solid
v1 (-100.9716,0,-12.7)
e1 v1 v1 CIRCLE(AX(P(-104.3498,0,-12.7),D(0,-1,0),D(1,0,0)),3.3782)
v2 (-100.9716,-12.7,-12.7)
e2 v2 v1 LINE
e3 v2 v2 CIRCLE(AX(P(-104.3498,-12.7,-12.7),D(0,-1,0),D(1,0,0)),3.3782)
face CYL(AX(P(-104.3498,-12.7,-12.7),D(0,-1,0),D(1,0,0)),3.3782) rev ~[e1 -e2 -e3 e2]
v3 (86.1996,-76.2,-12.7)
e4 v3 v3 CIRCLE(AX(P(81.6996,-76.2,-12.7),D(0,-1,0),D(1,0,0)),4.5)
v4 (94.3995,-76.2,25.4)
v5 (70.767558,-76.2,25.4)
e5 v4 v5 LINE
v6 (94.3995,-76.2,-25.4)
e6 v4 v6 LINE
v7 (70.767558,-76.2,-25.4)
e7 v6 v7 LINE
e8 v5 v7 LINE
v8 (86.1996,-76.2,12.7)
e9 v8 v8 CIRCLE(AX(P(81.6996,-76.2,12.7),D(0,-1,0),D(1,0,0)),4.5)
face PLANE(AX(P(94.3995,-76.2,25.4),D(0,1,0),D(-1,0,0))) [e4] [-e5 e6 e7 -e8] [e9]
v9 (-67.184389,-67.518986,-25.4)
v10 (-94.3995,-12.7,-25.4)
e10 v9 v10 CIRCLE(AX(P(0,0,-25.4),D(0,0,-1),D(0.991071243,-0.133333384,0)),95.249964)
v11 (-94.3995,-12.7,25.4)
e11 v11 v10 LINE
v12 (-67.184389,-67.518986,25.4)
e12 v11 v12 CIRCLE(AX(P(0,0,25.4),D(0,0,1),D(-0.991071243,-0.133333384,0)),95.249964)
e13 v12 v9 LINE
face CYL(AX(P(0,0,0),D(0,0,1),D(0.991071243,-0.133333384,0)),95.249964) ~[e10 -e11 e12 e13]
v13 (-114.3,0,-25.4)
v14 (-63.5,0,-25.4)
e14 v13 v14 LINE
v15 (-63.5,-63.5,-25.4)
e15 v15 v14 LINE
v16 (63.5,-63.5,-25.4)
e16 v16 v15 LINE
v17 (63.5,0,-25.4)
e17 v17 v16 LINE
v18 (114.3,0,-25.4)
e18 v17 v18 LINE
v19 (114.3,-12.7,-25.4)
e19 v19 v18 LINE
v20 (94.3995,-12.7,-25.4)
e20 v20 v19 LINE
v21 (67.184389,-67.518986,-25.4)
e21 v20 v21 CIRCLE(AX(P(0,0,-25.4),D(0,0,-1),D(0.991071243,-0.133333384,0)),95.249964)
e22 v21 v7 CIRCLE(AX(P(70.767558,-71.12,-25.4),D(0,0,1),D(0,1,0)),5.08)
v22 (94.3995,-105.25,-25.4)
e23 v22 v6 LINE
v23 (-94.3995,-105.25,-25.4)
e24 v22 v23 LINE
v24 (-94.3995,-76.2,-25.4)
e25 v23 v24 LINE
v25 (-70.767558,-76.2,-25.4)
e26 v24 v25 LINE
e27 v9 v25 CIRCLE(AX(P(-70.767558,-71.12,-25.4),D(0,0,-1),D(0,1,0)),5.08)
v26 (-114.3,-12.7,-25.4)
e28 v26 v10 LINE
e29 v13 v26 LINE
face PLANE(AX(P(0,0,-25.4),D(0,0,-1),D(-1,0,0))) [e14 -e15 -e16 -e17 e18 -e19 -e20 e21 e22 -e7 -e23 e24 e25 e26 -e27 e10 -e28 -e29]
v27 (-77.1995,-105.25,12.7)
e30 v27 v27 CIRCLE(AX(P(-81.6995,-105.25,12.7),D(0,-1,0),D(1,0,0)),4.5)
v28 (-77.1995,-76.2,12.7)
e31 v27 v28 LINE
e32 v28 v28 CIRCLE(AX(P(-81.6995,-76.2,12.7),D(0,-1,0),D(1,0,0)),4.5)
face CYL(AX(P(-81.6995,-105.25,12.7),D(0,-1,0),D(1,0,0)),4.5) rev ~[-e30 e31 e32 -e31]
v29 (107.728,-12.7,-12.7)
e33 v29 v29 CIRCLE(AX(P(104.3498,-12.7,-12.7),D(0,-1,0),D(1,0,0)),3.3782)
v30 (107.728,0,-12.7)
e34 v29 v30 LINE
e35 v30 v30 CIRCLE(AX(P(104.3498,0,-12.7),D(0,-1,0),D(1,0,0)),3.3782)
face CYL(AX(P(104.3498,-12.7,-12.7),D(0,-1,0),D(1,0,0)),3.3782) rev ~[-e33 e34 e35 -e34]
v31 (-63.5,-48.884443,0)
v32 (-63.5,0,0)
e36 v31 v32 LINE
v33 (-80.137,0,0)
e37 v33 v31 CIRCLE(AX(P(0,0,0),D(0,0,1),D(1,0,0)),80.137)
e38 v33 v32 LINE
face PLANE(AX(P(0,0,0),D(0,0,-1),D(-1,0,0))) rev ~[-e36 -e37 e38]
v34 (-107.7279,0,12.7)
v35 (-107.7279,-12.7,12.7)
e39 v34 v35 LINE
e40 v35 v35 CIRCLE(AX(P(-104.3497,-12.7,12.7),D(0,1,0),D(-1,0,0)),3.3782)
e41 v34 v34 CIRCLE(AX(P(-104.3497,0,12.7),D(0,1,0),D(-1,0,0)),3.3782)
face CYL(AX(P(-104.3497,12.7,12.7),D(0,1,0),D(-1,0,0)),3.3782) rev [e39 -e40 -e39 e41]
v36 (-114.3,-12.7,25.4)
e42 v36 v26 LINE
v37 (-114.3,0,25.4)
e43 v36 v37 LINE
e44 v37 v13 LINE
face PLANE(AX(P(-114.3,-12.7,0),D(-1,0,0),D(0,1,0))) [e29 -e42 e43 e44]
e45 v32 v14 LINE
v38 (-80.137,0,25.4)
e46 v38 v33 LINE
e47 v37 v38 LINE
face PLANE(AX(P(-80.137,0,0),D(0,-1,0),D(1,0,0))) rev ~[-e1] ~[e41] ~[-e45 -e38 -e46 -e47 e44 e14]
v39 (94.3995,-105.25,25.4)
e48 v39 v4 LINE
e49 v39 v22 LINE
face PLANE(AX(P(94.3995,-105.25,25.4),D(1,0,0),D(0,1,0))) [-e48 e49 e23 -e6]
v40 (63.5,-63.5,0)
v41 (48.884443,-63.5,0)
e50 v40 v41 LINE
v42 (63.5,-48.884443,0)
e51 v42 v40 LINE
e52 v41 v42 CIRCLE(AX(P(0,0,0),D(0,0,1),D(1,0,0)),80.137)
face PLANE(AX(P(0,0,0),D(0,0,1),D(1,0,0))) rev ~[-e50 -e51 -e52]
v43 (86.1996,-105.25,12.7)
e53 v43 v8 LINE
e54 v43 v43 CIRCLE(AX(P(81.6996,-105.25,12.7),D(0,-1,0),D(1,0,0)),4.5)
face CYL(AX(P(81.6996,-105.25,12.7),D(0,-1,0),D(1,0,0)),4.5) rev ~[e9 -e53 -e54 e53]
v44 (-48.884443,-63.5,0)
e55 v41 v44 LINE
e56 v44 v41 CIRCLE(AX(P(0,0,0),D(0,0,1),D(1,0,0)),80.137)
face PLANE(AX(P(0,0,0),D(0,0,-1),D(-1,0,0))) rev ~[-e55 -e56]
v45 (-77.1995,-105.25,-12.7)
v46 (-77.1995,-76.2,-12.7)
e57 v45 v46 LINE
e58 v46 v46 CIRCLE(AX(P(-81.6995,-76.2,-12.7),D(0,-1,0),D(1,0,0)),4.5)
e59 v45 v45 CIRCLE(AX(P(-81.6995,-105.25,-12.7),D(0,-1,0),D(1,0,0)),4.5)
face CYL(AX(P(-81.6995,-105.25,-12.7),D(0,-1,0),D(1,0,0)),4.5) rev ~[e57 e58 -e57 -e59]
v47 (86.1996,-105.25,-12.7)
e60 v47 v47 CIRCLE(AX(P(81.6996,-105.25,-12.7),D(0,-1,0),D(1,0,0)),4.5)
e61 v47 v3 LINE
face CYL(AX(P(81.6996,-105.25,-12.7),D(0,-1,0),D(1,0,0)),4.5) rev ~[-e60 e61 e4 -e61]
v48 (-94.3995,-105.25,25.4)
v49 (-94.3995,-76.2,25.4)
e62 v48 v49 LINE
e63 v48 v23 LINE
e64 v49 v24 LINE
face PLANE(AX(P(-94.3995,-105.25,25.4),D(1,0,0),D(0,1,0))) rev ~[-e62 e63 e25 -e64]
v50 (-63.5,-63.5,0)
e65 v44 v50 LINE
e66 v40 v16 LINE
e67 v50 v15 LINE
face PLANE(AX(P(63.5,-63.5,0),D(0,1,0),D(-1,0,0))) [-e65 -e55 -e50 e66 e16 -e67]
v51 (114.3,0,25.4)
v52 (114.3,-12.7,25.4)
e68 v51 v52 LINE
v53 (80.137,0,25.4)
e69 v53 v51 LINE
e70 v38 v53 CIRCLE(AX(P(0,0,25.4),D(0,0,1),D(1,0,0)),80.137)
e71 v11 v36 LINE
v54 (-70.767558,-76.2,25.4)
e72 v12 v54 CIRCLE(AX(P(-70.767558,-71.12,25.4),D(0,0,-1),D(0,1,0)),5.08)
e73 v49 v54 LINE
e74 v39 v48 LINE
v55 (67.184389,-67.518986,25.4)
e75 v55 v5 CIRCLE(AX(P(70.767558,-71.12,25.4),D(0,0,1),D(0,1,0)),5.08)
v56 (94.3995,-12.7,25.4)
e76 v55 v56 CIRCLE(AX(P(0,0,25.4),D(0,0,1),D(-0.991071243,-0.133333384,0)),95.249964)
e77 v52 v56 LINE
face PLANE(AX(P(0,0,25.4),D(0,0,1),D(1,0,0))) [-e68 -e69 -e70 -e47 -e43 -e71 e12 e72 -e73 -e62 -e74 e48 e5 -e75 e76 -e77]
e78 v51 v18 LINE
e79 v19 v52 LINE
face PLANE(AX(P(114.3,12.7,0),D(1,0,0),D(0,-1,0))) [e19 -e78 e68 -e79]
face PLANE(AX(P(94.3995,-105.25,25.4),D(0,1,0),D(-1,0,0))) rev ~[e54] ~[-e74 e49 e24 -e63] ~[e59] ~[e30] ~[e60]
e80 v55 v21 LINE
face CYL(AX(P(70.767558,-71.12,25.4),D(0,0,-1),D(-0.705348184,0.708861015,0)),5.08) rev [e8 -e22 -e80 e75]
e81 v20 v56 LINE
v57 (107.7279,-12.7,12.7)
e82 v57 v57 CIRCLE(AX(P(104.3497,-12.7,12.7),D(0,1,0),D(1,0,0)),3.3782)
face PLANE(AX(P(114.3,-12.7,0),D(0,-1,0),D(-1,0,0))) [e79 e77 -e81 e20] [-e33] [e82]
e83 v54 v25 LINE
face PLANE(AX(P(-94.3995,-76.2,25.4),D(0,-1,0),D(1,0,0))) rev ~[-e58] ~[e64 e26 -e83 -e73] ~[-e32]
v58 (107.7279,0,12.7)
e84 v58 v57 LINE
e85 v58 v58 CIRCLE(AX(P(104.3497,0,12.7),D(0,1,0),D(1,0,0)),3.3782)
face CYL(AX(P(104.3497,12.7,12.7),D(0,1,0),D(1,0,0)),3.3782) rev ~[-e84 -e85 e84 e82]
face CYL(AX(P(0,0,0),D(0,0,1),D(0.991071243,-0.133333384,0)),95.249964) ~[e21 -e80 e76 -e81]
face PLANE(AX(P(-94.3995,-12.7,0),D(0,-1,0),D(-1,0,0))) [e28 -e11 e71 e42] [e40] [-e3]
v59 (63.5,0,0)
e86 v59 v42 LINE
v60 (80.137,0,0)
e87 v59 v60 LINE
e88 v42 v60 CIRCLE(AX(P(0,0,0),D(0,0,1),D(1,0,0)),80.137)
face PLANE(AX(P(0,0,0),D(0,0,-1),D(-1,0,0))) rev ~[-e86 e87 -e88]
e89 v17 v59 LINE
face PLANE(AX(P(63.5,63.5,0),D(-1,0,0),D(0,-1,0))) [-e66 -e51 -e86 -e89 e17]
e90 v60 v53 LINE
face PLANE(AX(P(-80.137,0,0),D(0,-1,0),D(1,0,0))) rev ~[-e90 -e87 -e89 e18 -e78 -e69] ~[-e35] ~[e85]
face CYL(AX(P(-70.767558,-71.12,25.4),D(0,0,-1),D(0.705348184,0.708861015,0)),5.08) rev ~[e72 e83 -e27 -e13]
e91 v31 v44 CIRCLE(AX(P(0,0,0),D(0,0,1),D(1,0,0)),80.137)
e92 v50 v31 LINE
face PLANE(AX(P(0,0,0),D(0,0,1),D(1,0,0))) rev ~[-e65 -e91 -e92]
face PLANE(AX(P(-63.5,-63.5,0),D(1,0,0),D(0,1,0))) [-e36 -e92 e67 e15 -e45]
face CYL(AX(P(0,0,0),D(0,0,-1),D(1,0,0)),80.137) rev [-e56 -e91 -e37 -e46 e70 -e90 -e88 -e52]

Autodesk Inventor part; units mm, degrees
ref_plane "YZ Plane" through (0, 0, 0) normal (1, 0, 0) x (0, 1, 0)
ref_plane "XZ Plane" through (0, 0, 0) normal (0, 1, 0) x (-1, 0, 0)
ref_plane "XY Plane" through (0, 0, 0) normal (0, 0, 1) x (1, 0, 0)
sketch "Sketch1" plane through (0, 0, 0) normal (0, 0, 1) x (1, 0, 0)
  circle A0 centre (0, 0) radius 80.137
  line L0 (-114.3, -12.7) -> (-114.3, 12.7)
  line L1 (114.3, 12.7) -> (114.3, -12.7)
  line L2 (114.3, -12.7) -> (-114.3, 12.7) construction
  line L3 (-114.3, -12.7) -> (114.3, 12.7) construction
  line L4 (-114.3, 0) -> (95.25, 0) construction
  line L5 (-114.3, 12.7) -> (-94.3995, 12.7)
  line L6 (94.3995, 12.7) -> (114.3, 12.7)
  arc A1 (-94.3995, -12.7) -> (94.3995, -12.7) centre (0, 0) ccw
  arc A2 (94.3995, 12.7) -> (-94.3995, 12.7) centre (0, 0) ccw
  line L7 (114.3, -12.7) -> (94.3995, -12.7)
  line L8 (-94.3995, -12.7) -> (-114.3, -12.7)
  dimension "d0" = 160.274
  dimension "d2" = 228.6
  dimension "d3" = 25.4
extrude "Extrusion1" add sketch "Sketch1" along normal blind 25.4
sketch "Sketch2" plane through (94.3995, 12.7, 0) normal (0, 1, 0) x (1, 0, 0)
  line L0 (19.9005, 0) -> (0, 0) projected
  line L1 (0, 0) -> (0, -25.4) projected
  line L2 (19.9005, -25.4) -> (0, -25.4) projected
  line L3 (19.9005, 0) -> (19.9005, -25.4) projected
  line L4 (19.9005, -12.7) -> (0, -12.7) construction
  line L5 (9.9502, -25.4) -> (9.9502, 0) construction
  circle A0 centre (9.9502, -12.7) radius 3.3782
  point P0 (-94.3995, 0)
  dimension "d6" = 6.7564
extrude "Extrusion2" cut sketch "Sketch2" against normal blind 38.1 contours A0
sketch "Sketch3" plane through (94.3995, 12.7, 0) normal (0, 1, 0) x (1, 0, 0)
  circle A0 centre (9.9502, -12.7) radius 3.175
  line L0 (9.9502, -4.8005) -> (16.7914, -8.7502)
  line L1 (16.7914, -8.7502) -> (16.7914, -16.6498)
  line L2 (16.7914, -16.6498) -> (9.9502, -20.5995)
  line L3 (9.9502, -20.5995) -> (3.1091, -16.6498)
  line L4 (3.1091, -16.6498) -> (3.1091, -8.7502)
  line L5 (3.1091, -8.7502) -> (9.9502, -4.8005)
  point P0 (-94.3995, 0)
extrude "Extrusion3" [suppressed]
mirror "Mirror1" about plane through (0, 0, 0) normal (1, 0, 0) of "Extrusion2"
sketch "Sketch6" plane through (0, 0, 25.4) normal (0, 0, 1) x (1, 0, 0)
  line L0 (-63.5, -63.5) -> (-63.5, 63.5) construction
  line L1 (-63.5, 63.5) -> (63.5, 63.5) construction
  line L2 (63.5, 63.5) -> (63.5, -63.5) construction
  line L3 (63.5, -63.5) -> (-63.5, -63.5) construction
  line L4 (-94.3995, 94.3995) -> (-63.5, 63.5) construction
  line L5 (63.5, 63.5) -> (94.3995, 94.3995) construction
  line L6 (63.5, -63.5) -> (94.3995, -94.3995) construction
  line L7 (-63.5, -63.5) -> (63.5, -63.5) construction
  line L8 (-63.5, -63.5) -> (-94.3995, -94.3995) construction
  point P0 (-78.9498, 78.9498)
  point P1 (78.9498, 78.9498)
  point P2 (78.9498, -78.9498)
  point P3 (-78.9498, -78.9498)
hole "Hole1" [suppressed]
sketch "Sketch9" plane through (0, 0, 25.4) normal (0, 0, 1) x (1, 0, 0)
  line L0 (114.3, -12.7) -> (114.3, 12.7) projected
  line L1 (114.3, 12.7) -> (94.3995, 12.7) projected
  line L2 (94.3995, 12.7) -> (94.3995, 94.3995) projected
  line L3 (94.3995, 94.3995) -> (12.7, 94.3995) projected
  arc A0 (94.3995, 12.7) -> (-94.3995, 12.7) centre (0, 0) ccw projected
  line L4 (-12.7, 94.3995) -> (-94.3995, 94.3995) projected
  line L5 (-94.3995, 94.3995) -> (-94.3995, 12.7) projected
  line L6 (-94.3995, 12.7) -> (-114.3, 12.7) projected
  line L7 (-114.3, 12.7) -> (-114.3, -12.7) projected
  line L8 (-114.3, 0) -> (114.3, 0)
extrude "Extrusion7" cut sketch "Sketch9" against normal blind 25.4
sketch "Sketch10" plane through (0, 0, 0) normal (0, 0, -1) x (-1, 0, 0)
  arc A0 (-94.3995, -12.7) -> (94.3995, -12.7) centre (0, 0) ccw projected
  line L0 (-63.5, -63.5) -> (63.5, -63.5)
  line L1 (63.5, -63.5) -> (63.5, 63.5)
  line L2 (63.5, 63.5) -> (-63.5, 63.5)
  line L3 (-63.5, 63.5) -> (-63.5, -63.5)
  line L4 (-63.5, -63.5) -> (63.5, 63.5) construction
  line L5 (63.5, -63.5) -> (-63.5, 63.5) construction
  circle A1 centre (0, 0) radius 95.25
  dimension "d58" = 127
  dimension "d59" = 127
extrude "Extrusion8" add sketch "Sketch10" along normal blind 25.4
sketch "Sketch12" plane through (0, 0, 0) normal (0, 0, 1) x (1, 0, 0)
  line L0 (-80.137, 0) -> (-114.3, 0) projected
  line L1 (-114.3, 0) -> (111.125, 0)
  line L2 (111.125, 0) -> (111.125, 104.775)
  line L3 (111.125, 104.775) -> (-114.3, 104.775)
  line L4 (-114.3, 104.775) -> (-114.3, 0)
  point P0 (0, 0)
  point P1 (-83.312, 0)
extrude "Extrusion10" cut sketch "Sketch12" against normal blind 25.4
sketch "Sketch14" plane through (0, 0, 25.4) normal (0, 0, 1) x (1, 0, 0)
  line L0 (80.137, 0) -> (63.5, 0) projected
  line L1 (-114.3, -12.7) -> (-94.3995, -12.7) projected
  line L2 (94.3995, -105.25) -> (-94.3995, -105.25)
  line L3 (0, -95.25) -> (-39.6875, -95.25)
  arc A0 (-94.3995, -12.7) -> (94.3995, -12.7) centre (0, 0) ccw
  line L4 (94.3995, -76.2) -> (57.15, -76.2)
  line L5 (-94.3995, -76.2) -> (-57.15, -76.2)
  arc A1 (-57.15, -76.2) -> (57.15, -76.2) centre (0, 0) ccw
  line L6 (94.3995, -105.25) -> (94.3995, -76.2)
  line L7 (-94.3995, -105.25) -> (-94.3995, -76.2)
  point P0 (-80.137, 0)
  dimension "d74" = 10
extrude "Extrusion11" add sketch "Sketch14" against normal up to surface (50.8 mm away)
fillet "Fillet1" radius 5.08 4 edges at (-57.15, -76.2, 12.7) (-57.15, -76.2, -12.7) (57.15, -76.2, 12.7) (57.15, -76.2, -12.7)
sketch "Sketch16" plane through (-94.3995, -105.25, 25.4) normal (0, -1, 0) x (1, 0, 0)
  circle A0 centre (12.7, -38.1) radius 4.5
  line L0 (0, 0) -> (0, -50.8) projected
  line L1 (188.7991, -50.8) -> (0, -50.8) projected
  circle A1 centre (12.7, -12.7) radius 4.5
  line L2 (0, 0) -> (188.7991, 0) projected
  circle A2 centre (176.0991, -38.1) radius 4.5
  circle A3 centre (176.0991, -12.7) radius 4.5
  line L3 (188.7991, 0) -> (188.7991, -50.8) projected
  point P0 (94.3995, -25.4)
  dimension "d76" = 9
  dimension "d77" = 12.7
  dimension "d78" = 12.7
  dimension "d79" = 9
  dimension "d80" = 12.7
  dimension "d81" = 12.7
  dimension "d82" = 9
  dimension "d83" = 9
  dimension "d84" = 12.7
  dimension "d85" = 12.7
  dimension "d88" = 12.7
  dimension "d89" = 12.7
extrude "Extrusion12" cut sketch "Sketch16" against normal up to surface (29.05 mm away) contours A0 | A1 | A2 | A3
sketch "Sketch17" plane through (0, 0, 0) normal (0, 0, -1) x (-1, 0, 0)
  arc A0 (-95.25, 0) -> (-94.3995, -12.7) centre (0, 0) ccw projected
  line L0 (-95.25, 0) -> (-114.3, 0) projected
  line L1 (-114.3, -12.7) -> (-114.3, 0) projected
  line L2 (-94.3995, -12.7) -> (-114.3, -12.7) projected
  arc A1 (94.3995, -12.7) -> (95.25, 0) centre (0, 0) ccw projected
  line L3 (114.3, -12.7) -> (94.3995, -12.7) projected
  line L4 (114.3, 0) -> (114.3, -12.7) projected
  line L5 (114.3, 0) -> (95.25, 0) projected
extrude "Extrusion13" add sketch "Sketch17" along normal blind 25.4
sketch "Sketch18" plane through (-114.3, -12.7, 25.4) normal (0, -1, 0) x (1, 0, 0)
  circle A0 centre (9.9502, -12.7) radius 3.3782 projected
  circle A1 centre (9.9502, -38.1) radius 3.3782
  line L0 (0, 0) -> (19.9005, 0) projected
  line L1 (19.9005, -50.8) -> (0, -50.8) projected
  line L2 (0, -50.8) -> (0, 0) projected
  circle A2 centre (218.6498, -12.7) radius 3.3782 projected
  circle A3 centre (218.6498, -38.1) radius 3.3782
  line L3 (228.6, 0) -> (228.6, -50.8) projected
  line L4 (208.6995, 0) -> (228.6, 0) projected
  line L5 (228.6, -50.8) -> (208.6995, -50.8) projected
  point P0 (114.3, -25.4)
  dimension "d92" = 6.7564
  dimension "d93" = 6.7564
  dimension "d94" = 12.7
  dimension "d95" = 12.7
  dimension "d96" = 9.9502
  dimension "d97" = 9.9502
  dimension "d98" = 6.7564
  dimension "d99" = 9.9502
  dimension "d100" = 12.7
  dimension "d101" = 9.9502
  dimension "d102" = 12.7
  dimension "d103" = 6.7564
extrude "Extrusion14" cut sketch "Sketch18" against normal blind 25.4 contours A1 | A3
equation "\"d36\" = 0.25 * d33"
equation "\"d37\" = d36"
equation "\"d33\" = 9.525"
properties part number "2124_Bearing Clamps NoPulley_V2" material "ABS Plastic"
